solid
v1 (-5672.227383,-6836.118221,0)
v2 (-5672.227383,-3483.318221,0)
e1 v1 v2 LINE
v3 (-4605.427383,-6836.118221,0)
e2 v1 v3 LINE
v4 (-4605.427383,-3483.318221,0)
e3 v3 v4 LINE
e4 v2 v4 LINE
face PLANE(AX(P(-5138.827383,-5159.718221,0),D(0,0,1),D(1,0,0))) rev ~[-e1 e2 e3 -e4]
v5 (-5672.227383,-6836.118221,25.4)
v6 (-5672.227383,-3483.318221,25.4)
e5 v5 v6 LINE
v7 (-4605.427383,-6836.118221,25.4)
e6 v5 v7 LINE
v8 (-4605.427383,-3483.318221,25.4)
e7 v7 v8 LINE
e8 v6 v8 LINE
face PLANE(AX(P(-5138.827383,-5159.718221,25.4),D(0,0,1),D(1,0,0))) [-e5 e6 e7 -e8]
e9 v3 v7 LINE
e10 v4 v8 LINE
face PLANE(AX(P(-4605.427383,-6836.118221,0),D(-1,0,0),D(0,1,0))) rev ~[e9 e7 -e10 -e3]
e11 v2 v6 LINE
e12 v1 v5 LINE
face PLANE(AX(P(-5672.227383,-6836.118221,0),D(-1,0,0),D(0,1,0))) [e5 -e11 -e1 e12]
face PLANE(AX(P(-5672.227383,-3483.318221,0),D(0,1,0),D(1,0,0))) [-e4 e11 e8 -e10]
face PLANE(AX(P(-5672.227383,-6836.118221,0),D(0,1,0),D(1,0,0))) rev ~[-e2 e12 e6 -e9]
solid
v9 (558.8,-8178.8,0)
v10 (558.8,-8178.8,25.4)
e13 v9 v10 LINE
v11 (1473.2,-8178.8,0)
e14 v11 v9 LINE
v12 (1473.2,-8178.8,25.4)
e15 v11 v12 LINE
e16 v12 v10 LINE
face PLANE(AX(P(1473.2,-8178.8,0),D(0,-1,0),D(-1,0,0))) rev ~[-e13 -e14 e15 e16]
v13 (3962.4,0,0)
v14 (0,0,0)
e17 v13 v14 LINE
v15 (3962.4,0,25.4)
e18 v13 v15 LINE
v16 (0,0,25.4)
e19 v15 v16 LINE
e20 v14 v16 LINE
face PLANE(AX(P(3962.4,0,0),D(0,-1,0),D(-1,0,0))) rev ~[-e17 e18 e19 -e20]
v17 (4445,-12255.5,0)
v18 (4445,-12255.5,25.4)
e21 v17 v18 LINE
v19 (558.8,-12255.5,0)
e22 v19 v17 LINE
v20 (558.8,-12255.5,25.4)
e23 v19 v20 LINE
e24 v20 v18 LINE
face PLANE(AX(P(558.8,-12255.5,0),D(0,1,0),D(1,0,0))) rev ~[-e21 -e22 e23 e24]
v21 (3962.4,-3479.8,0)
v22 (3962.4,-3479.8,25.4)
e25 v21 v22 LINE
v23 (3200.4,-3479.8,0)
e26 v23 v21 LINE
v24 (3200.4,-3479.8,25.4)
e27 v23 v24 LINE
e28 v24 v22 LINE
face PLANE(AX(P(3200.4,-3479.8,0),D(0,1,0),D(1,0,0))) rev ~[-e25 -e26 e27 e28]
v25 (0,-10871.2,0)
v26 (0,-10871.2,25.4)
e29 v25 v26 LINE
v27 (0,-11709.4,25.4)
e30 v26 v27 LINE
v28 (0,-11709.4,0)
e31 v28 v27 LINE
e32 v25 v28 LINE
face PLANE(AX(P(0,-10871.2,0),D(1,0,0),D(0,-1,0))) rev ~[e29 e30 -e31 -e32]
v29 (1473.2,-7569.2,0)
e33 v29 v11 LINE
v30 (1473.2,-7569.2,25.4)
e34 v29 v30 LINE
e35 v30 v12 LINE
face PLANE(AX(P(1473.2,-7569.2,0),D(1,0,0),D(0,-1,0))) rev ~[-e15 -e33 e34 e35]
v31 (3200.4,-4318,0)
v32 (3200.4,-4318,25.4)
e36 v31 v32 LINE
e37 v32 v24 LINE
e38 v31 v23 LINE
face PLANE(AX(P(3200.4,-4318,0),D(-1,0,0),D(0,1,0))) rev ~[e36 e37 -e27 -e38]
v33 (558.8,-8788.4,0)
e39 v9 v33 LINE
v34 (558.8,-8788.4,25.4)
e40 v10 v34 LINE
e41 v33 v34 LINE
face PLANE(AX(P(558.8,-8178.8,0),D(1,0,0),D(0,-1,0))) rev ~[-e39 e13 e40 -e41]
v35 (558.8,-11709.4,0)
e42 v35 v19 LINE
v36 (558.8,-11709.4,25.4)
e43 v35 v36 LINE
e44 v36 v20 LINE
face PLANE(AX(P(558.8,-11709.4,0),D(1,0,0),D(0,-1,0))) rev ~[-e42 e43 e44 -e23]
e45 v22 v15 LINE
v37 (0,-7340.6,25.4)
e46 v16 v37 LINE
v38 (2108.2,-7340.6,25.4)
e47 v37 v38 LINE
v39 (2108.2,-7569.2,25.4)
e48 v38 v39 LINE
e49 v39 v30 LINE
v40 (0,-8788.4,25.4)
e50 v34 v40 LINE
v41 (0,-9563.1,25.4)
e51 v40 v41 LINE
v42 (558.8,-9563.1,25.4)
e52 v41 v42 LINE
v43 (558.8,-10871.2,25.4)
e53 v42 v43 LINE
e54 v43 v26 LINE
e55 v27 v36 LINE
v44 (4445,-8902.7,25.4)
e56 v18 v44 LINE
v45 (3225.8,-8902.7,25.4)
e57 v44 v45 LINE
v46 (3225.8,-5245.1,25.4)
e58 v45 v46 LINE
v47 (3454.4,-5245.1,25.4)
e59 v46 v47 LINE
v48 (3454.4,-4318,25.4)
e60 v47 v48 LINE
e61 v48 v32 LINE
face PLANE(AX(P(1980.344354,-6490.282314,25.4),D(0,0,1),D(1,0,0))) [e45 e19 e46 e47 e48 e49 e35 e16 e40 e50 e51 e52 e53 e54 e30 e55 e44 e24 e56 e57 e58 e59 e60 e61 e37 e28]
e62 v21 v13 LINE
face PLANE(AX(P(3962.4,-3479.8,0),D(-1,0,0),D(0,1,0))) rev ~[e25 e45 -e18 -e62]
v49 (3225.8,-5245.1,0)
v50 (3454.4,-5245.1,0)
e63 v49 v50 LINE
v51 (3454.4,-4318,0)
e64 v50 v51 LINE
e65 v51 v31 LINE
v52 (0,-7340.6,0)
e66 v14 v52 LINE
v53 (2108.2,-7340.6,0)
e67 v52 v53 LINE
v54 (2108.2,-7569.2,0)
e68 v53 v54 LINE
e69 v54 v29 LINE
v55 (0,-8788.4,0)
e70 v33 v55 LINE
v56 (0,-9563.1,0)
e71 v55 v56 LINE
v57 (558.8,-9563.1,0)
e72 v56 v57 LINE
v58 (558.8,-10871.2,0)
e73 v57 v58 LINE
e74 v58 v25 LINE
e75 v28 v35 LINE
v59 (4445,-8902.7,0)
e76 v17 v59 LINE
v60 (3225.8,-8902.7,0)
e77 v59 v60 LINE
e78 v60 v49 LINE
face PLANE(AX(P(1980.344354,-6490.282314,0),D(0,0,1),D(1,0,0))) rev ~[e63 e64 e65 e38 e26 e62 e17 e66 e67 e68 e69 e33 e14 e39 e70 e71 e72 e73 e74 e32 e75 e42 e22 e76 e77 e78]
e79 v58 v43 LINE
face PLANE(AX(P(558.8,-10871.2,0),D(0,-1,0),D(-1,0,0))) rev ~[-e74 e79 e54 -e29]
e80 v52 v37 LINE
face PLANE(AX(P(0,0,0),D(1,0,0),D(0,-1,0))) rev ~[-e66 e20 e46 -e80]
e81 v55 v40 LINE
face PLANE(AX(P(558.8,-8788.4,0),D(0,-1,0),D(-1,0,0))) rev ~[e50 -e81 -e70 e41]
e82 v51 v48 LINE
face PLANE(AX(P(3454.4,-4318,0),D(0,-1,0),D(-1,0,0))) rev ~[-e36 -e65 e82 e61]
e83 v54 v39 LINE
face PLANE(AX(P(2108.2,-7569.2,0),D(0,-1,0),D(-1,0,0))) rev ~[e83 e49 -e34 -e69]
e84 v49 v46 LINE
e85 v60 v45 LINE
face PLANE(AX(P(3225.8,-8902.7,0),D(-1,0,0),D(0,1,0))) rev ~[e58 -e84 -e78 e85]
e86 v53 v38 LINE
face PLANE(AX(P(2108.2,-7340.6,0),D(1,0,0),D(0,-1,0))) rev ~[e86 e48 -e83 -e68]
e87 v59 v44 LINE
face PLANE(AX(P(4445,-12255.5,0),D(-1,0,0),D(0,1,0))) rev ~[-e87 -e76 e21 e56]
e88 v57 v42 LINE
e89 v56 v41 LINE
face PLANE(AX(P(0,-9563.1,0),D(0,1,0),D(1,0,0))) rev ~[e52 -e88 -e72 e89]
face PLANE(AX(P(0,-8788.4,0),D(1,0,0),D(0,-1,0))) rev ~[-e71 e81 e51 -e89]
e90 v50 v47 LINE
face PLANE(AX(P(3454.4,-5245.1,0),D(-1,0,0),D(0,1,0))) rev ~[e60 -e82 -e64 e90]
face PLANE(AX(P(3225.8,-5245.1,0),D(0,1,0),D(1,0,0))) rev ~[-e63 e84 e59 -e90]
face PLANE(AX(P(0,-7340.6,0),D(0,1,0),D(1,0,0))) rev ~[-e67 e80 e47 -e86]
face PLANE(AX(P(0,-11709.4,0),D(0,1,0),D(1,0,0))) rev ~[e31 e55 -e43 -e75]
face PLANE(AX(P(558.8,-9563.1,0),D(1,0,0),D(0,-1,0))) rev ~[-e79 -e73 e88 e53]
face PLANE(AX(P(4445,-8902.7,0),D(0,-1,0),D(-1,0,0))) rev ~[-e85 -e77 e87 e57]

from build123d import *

# Parameters (mm, degrees)
F0_W     = 1066.8
F0_H     = 3352.8
F1_DEPTH = 25.4


with BuildPart() as f1:
    # F0 (on Top) → F1 (new body)
    with BuildSketch(Plane.XY):
        Polygon((3962.4, 0), (0, 0), (0, -7340.6), (2108.2, -7340.6), (2108.2, -7569.2), (1473.2, -7569.2), (1473.2, -8178.8), (558.8, -8178.8), (558.8, -8788.4), (0, -8788.4), (0, -9563.1), (558.8, -9563.1), (558.8, -10871.2), (0, -10871.2), (0, -11709.4), (558.8, -11709.4), (558.8, -12255.5), (4445, -12255.5), (4445, -8902.7), (3225.8, -8902.7), (3225.8, -5245.1), (3454.4, -5245.1), (3454.4, -4318), (3200.4, -4318), (3200.4, -3479.8), (3962.4, -3479.8), align=None)
        with Locations((-5138.827383, -5159.718221)):
            Rectangle(F0_W, F0_H)
    extrude(amount=F1_DEPTH)


solid = f1.part
